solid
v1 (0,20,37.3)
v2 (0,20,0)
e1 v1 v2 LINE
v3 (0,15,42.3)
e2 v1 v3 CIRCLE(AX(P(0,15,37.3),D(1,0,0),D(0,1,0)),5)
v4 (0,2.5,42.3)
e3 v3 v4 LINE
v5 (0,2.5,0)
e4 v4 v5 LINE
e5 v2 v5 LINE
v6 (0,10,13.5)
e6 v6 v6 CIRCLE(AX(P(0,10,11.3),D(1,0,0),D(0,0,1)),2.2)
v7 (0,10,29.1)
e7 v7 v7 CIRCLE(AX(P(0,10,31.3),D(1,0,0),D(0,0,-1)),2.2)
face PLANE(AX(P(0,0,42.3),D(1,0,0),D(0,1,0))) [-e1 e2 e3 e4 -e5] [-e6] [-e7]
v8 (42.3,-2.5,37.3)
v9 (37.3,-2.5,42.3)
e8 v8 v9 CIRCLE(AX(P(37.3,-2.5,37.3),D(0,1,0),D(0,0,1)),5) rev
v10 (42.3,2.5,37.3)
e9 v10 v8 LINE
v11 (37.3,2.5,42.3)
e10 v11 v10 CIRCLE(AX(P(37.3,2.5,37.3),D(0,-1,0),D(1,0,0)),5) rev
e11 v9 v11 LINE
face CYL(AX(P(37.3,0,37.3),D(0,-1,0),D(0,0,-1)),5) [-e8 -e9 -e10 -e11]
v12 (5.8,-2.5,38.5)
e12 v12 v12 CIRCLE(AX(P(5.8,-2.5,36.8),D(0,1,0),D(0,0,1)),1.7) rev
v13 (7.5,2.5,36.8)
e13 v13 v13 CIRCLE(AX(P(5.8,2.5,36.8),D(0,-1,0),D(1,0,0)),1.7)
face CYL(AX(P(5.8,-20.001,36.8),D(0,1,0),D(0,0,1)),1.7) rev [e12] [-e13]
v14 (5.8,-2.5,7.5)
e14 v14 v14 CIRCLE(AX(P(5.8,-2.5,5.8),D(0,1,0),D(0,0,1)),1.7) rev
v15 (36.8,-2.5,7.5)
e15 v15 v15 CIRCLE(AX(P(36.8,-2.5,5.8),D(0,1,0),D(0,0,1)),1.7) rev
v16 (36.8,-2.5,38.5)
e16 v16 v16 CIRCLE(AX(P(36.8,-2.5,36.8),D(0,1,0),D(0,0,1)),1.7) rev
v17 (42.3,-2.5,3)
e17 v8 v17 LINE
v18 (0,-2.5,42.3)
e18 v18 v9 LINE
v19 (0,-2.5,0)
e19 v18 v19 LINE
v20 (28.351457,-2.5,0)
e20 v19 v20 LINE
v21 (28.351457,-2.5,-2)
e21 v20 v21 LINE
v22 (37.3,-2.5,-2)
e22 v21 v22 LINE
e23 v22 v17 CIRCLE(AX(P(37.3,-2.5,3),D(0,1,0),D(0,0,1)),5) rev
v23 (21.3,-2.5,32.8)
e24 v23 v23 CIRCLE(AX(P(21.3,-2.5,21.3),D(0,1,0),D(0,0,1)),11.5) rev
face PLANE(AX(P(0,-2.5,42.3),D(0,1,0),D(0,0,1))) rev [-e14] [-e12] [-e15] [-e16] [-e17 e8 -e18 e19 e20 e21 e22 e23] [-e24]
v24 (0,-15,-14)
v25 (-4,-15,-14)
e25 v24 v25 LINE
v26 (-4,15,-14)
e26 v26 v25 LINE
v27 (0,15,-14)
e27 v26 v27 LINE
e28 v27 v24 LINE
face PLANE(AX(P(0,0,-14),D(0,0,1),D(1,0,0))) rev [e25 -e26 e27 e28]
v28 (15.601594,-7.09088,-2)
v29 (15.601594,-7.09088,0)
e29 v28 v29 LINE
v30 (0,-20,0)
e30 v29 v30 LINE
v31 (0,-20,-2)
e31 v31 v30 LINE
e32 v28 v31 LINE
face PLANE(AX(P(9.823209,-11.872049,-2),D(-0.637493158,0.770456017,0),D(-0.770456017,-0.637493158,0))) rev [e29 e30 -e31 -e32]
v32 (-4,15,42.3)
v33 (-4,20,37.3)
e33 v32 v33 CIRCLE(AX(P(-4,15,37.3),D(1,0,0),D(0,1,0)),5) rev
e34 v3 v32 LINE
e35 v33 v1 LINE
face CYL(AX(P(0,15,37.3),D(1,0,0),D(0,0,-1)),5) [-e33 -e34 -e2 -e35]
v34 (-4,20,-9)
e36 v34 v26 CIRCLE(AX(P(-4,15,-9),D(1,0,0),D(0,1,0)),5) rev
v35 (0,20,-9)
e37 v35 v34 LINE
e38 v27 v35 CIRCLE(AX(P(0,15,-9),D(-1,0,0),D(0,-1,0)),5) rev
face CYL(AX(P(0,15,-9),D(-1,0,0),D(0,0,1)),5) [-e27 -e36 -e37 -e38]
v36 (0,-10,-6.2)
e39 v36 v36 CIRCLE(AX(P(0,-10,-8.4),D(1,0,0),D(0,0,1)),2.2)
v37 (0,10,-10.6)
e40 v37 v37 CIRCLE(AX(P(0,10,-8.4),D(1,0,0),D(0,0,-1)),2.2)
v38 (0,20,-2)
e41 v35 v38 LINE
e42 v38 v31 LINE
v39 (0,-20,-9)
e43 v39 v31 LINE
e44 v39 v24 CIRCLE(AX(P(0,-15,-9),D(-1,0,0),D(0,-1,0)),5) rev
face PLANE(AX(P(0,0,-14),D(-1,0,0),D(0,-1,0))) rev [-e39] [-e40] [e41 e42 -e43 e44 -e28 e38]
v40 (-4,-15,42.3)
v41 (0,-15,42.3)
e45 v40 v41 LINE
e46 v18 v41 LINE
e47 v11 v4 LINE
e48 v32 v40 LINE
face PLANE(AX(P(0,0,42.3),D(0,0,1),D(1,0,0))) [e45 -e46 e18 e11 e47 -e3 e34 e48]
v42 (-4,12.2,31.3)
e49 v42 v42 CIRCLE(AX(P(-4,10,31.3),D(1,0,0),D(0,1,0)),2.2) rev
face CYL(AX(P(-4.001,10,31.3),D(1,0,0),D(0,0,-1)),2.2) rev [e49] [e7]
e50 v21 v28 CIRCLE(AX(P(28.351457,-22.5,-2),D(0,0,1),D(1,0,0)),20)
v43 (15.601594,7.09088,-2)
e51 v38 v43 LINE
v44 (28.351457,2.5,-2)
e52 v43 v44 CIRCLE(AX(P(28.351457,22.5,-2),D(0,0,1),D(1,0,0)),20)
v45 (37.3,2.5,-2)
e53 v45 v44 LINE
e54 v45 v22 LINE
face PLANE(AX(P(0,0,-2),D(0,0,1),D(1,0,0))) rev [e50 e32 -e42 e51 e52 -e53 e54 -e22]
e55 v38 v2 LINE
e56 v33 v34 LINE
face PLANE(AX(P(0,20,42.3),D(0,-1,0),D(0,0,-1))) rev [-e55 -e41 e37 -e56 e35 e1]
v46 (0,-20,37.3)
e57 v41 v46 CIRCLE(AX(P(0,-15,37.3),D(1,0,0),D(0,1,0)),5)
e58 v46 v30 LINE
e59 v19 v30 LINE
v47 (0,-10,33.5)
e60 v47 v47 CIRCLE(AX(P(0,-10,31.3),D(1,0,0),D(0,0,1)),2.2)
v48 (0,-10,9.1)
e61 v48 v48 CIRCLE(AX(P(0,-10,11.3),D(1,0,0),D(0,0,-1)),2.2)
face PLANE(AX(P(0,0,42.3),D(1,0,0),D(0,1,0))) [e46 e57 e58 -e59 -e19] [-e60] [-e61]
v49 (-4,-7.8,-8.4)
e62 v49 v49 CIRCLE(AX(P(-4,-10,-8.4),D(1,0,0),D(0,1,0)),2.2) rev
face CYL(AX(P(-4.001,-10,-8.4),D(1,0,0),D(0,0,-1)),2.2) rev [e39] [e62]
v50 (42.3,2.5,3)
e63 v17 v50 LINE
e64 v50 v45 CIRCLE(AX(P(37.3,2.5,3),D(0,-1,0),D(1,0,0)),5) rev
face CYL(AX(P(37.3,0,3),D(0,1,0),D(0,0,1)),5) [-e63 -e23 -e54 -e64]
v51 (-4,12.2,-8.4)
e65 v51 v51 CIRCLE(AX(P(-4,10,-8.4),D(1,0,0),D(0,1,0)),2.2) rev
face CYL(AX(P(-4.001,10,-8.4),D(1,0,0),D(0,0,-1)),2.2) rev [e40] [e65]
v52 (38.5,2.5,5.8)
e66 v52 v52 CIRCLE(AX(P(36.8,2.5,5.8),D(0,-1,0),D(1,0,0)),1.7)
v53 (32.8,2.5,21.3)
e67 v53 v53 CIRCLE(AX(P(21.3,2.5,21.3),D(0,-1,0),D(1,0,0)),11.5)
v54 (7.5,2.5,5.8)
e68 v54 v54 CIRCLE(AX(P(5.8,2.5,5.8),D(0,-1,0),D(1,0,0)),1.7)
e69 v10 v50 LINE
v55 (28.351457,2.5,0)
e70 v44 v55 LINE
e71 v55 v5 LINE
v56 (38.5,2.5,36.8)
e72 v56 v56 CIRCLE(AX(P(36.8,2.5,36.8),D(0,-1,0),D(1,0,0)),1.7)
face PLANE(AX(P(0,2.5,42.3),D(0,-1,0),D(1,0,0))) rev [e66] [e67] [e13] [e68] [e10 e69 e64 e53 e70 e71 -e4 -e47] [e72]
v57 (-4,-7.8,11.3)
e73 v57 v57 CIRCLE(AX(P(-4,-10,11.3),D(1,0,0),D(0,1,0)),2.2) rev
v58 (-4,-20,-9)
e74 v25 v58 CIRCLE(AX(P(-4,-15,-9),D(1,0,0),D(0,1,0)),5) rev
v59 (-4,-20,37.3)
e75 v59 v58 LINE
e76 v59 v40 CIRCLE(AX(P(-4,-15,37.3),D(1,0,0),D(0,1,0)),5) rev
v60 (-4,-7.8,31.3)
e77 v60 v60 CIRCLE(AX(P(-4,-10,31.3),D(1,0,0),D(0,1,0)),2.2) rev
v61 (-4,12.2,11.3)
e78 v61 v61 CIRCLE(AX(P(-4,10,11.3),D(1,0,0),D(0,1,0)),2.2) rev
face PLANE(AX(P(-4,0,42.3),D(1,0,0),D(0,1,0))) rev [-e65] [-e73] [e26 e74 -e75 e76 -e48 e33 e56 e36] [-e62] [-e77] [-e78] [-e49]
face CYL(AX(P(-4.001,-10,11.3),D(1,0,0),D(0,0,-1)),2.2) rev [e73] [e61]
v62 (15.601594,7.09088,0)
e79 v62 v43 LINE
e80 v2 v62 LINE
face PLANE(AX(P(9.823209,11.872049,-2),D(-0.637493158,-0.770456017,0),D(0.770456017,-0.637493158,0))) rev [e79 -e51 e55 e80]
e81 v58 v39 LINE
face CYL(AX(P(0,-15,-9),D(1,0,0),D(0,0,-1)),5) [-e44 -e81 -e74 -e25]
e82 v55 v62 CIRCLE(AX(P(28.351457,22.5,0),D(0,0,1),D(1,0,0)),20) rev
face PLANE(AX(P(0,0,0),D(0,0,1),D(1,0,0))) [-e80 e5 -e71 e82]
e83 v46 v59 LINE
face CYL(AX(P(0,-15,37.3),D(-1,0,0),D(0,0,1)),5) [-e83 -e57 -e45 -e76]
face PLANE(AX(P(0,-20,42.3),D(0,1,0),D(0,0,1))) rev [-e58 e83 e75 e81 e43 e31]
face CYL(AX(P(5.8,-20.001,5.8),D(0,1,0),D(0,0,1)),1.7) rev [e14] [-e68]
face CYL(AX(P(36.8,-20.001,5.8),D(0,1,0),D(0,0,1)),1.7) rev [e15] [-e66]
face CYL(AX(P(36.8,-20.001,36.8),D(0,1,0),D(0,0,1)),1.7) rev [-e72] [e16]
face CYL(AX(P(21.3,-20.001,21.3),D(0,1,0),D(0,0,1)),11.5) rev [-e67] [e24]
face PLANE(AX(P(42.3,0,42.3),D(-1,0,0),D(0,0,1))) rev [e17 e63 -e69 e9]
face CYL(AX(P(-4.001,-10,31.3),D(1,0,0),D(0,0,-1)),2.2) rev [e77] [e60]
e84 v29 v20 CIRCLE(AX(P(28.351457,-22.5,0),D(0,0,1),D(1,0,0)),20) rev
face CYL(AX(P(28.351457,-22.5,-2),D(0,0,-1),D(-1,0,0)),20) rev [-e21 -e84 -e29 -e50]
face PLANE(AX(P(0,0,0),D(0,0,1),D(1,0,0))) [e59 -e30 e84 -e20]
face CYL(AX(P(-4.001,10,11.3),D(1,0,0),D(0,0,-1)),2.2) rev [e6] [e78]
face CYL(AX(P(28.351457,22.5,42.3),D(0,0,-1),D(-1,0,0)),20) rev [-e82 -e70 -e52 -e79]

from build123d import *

# Parameters (mm, degrees)
SKETCH_1_W                      = 42.3
SKETCH_1_H                      = 5
SKETCH_1_W_2                    = 21.15
EXTRUDE_1_DEPTH                 = 42.3
CUT_EXTRUDE_1_REACH             = 65.076
SKETCH_2_R                      = 11.5
SKETCH_2_R_2                    = 1.7
CUT_EXTRUDE_1_DIRECTION_2_REACH = 65.076
SKETCH_1_3_W                    = 42.3
SKETCH_1_3_H                    = 5
SKETCH_1_3_W_2                  = 21.15
EXTRUDE_2_DEPTH                 = 2
EXTRUDE_START                   = -2
EXTRUDE_3_DEPTH                 = 12
CUT_EXTRUDE_2_REACH             = 65.076
SKETCH_4_R                      = 2.2
FILLET_1_R                      = 5
FILLET_2_R                      = 20


with BuildPart() as part:
    # 草图1 → 凸台-拉伸1 (new body)
    with BuildSketch(Plane.XY):
        Polygon((0, 2.5), (0, -2.5), (0, -20), (-4, -20), (-4, 20), (0, 20), align=None)
        with Locations((21.15, 0)):
            Rectangle(SKETCH_1_W, SKETCH_1_H)
        Polygon((-4, 0), (0, 0), (0, 2.5), (0, 20), (-4, 20), align=None)
        with Locations((31.725, 0)):
            Rectangle(SKETCH_1_W_2, SKETCH_1_H)
    extrude(amount=EXTRUDE_1_DEPTH)

    # 草图2 → 切除-拉伸1 (cut, up to next)
    with BuildSketch(Plane(origin=(0, 0, 0), x_dir=(1, 0, 0), z_dir=(0, 1, 0)), mode=Mode.PRIVATE) as cut_extrude_1_sk1:
        with Locations(Location((21.3, -21.3, 0), (0, 0, 270))):
            Circle(SKETCH_2_R)
    cut_extrude_1_tool1 = extrude(cut_extrude_1_sk1.sketch, amount=CUT_EXTRUDE_1_REACH, mode=Mode.PRIVATE) & part.part
    # 草图2 → 切除-拉伸1 (cut, up to next)
    with BuildSketch(Plane(origin=(0, 0, 0), x_dir=(1, 0, 0), z_dir=(0, 1, 0)), mode=Mode.PRIVATE) as cut_extrude_1_sk2:
        with Locations(Location((36.8, -5.8, 0), (0, 0, 270))):
            Circle(SKETCH_2_R_2)
    cut_extrude_1_tool2 = extrude(cut_extrude_1_sk2.sketch, amount=CUT_EXTRUDE_1_REACH, mode=Mode.PRIVATE) & part.part
    # 草图2 → 切除-拉伸1 (cut, up to next)
    with BuildSketch(Plane(origin=(0, 0, 0), x_dir=(1, 0, 0), z_dir=(0, 1, 0)), mode=Mode.PRIVATE) as cut_extrude_1_sk3:
        with Locations(Location((36.8, -36.8, 0), (0, 0, 270))):
            Circle(SKETCH_2_R_2)
    cut_extrude_1_tool3 = extrude(cut_extrude_1_sk3.sketch, amount=CUT_EXTRUDE_1_REACH, mode=Mode.PRIVATE) & part.part
    # 草图2 → 切除-拉伸1 (cut, up to next)
    with BuildSketch(Plane(origin=(0, 0, 0), x_dir=(1, 0, 0), z_dir=(0, 1, 0)), mode=Mode.PRIVATE) as cut_extrude_1_sk4:
        with Locations(Location((5.8, -36.8, 0), (0, 0, 270))):
            Circle(SKETCH_2_R_2)
    cut_extrude_1_tool4 = extrude(cut_extrude_1_sk4.sketch, amount=CUT_EXTRUDE_1_REACH, mode=Mode.PRIVATE) & part.part
    # 草图2 → 切除-拉伸1 (cut, up to next)
    with BuildSketch(Plane(origin=(0, 0, 0), x_dir=(1, 0, 0), z_dir=(0, 1, 0)), mode=Mode.PRIVATE) as cut_extrude_1_sk5:
        with Locations(Location((5.8, -5.8, 0), (0, 0, 270))):
            Circle(SKETCH_2_R_2)
    cut_extrude_1_tool5 = extrude(cut_extrude_1_sk5.sketch, amount=CUT_EXTRUDE_1_REACH, mode=Mode.PRIVATE) & part.part
    add(cut_extrude_1_tool1.solids().sort_by_distance((21.3, 0, 21.3))[0], mode=Mode.SUBTRACT)
    add(cut_extrude_1_tool2.solids().sort_by_distance((36.8, 0, 5.8))[0], mode=Mode.SUBTRACT)
    add(cut_extrude_1_tool3.solids().sort_by_distance((36.8, 0, 36.8))[0], mode=Mode.SUBTRACT)
    add(cut_extrude_1_tool4.solids().sort_by_distance((5.8, 0, 36.8))[0], mode=Mode.SUBTRACT)
    add(cut_extrude_1_tool5.solids().sort_by_distance((5.8, 0, 5.8))[0], mode=Mode.SUBTRACT)

    # 草图2 → 切除-拉伸1 direction 2 (cut, up to next)
    with BuildSketch(Plane(origin=(0, 0, 0), x_dir=(1, 0, 0), z_dir=(0, 1, 0)), mode=Mode.PRIVATE) as cut_extrude_1_direction_2_sk1:
        with Locations(Location((21.3, -21.3, 0), (0, 0, 270))):
            Circle(SKETCH_2_R)
    cut_extrude_1_direction_2_tool1 = extrude(cut_extrude_1_direction_2_sk1.sketch, amount=-CUT_EXTRUDE_1_DIRECTION_2_REACH, mode=Mode.PRIVATE) & part.part
    # 草图2 → 切除-拉伸1 direction 2 (cut, up to next)
    with BuildSketch(Plane(origin=(0, 0, 0), x_dir=(1, 0, 0), z_dir=(0, 1, 0)), mode=Mode.PRIVATE) as cut_extrude_1_direction_2_sk2:
        with Locations(Location((36.8, -5.8, 0), (0, 0, 270))):
            Circle(SKETCH_2_R_2)
    cut_extrude_1_direction_2_tool2 = extrude(cut_extrude_1_direction_2_sk2.sketch, amount=-CUT_EXTRUDE_1_DIRECTION_2_REACH, mode=Mode.PRIVATE) & part.part
    # 草图2 → 切除-拉伸1 direction 2 (cut, up to next)
    with BuildSketch(Plane(origin=(0, 0, 0), x_dir=(1, 0, 0), z_dir=(0, 1, 0)), mode=Mode.PRIVATE) as cut_extrude_1_direction_2_sk3:
        with Locations(Location((36.8, -36.8, 0), (0, 0, 270))):
            Circle(SKETCH_2_R_2)
    cut_extrude_1_direction_2_tool3 = extrude(cut_extrude_1_direction_2_sk3.sketch, amount=-CUT_EXTRUDE_1_DIRECTION_2_REACH, mode=Mode.PRIVATE) & part.part
    # 草图2 → 切除-拉伸1 direction 2 (cut, up to next)
    with BuildSketch(Plane(origin=(0, 0, 0), x_dir=(1, 0, 0), z_dir=(0, 1, 0)), mode=Mode.PRIVATE) as cut_extrude_1_direction_2_sk4:
        with Locations(Location((5.8, -36.8, 0), (0, 0, 270))):
            Circle(SKETCH_2_R_2)
    cut_extrude_1_direction_2_tool4 = extrude(cut_extrude_1_direction_2_sk4.sketch, amount=-CUT_EXTRUDE_1_DIRECTION_2_REACH, mode=Mode.PRIVATE) & part.part
    # 草图2 → 切除-拉伸1 direction 2 (cut, up to next)
    with BuildSketch(Plane(origin=(0, 0, 0), x_dir=(1, 0, 0), z_dir=(0, 1, 0)), mode=Mode.PRIVATE) as cut_extrude_1_direction_2_sk5:
        with Locations(Location((5.8, -5.8, 0), (0, 0, 270))):
            Circle(SKETCH_2_R_2)
    cut_extrude_1_direction_2_tool5 = extrude(cut_extrude_1_direction_2_sk5.sketch, amount=-CUT_EXTRUDE_1_DIRECTION_2_REACH, mode=Mode.PRIVATE) & part.part
    add(cut_extrude_1_direction_2_tool1.solids().sort_by_distance((21.3, 0, 21.3))[0], mode=Mode.SUBTRACT)
    add(cut_extrude_1_direction_2_tool2.solids().sort_by_distance((36.8, 0, 5.8))[0], mode=Mode.SUBTRACT)
    add(cut_extrude_1_direction_2_tool3.solids().sort_by_distance((36.8, 0, 36.8))[0], mode=Mode.SUBTRACT)
    add(cut_extrude_1_direction_2_tool4.solids().sort_by_distance((5.8, 0, 36.8))[0], mode=Mode.SUBTRACT)
    add(cut_extrude_1_direction_2_tool5.solids().sort_by_distance((5.8, 0, 5.8))[0], mode=Mode.SUBTRACT)

    # 草图1<3> → 凸台-拉伸2 (add)
    with BuildSketch(Plane.XY):
        Polygon((0, 2.5), (21.15, 2.5), (0, 20), align=None)
        Polygon((21.15, -2.5), (0, -2.5), (0, -20), align=None)
        Polygon((0, -20), (0, -2.5), (0, 0), (-4, 0), (-4, -20), align=None)
        Polygon((-4, 0), (0, 0), (0, 2.5), (0, 20), (-4, 20), align=None)
        with Locations((21.15, 0)):
            Rectangle(SKETCH_1_3_W, SKETCH_1_3_H)
        with Locations((31.725, 0)):
            Rectangle(SKETCH_1_3_W_2, SKETCH_1_3_H)
    extrude(amount=-EXTRUDE_2_DEPTH)

    # 草图1<4> → 凸台-拉伸3 (add)
    with BuildSketch(Plane.XY.offset(EXTRUDE_START)):
        Polygon((-4, 0), (0, 0), (0, 2.5), (0, 20), (-4, 20), align=None)
        Polygon((0, -20), (0, -2.5), (0, 0), (-4, 0), (-4, -20), align=None)
    extrude(amount=-EXTRUDE_3_DEPTH)

    # 草图4 → 切除-拉伸2 (cut, up to next)
    with BuildSketch(Plane(origin=(0, 0, 0), x_dir=(0, 0, -1), z_dir=(1, 0, 0)), mode=Mode.PRIVATE) as cut_extrude_2_sk1:
        with Locations((8.4, 10)):
            Circle(SKETCH_4_R)
    cut_extrude_2_tool1 = extrude(cut_extrude_2_sk1.sketch, amount=-CUT_EXTRUDE_2_REACH, mode=Mode.PRIVATE) & part.part
    # 草图4 → 切除-拉伸2 (cut, up to next)
    with BuildSketch(Plane(origin=(0, 0, 0), x_dir=(0, 0, -1), z_dir=(1, 0, 0)), mode=Mode.PRIVATE) as cut_extrude_2_sk2:
        with Locations(Location((8.4, -10, 0), (0, 0, 90))):
            Circle(SKETCH_4_R)
    cut_extrude_2_tool2 = extrude(cut_extrude_2_sk2.sketch, amount=-CUT_EXTRUDE_2_REACH, mode=Mode.PRIVATE) & part.part
    # 草图4 → 切除-拉伸2 (cut, up to next)
    with BuildSketch(Plane(origin=(0, 0, 0), x_dir=(0, 0, -1), z_dir=(1, 0, 0)), mode=Mode.PRIVATE) as cut_extrude_2_sk3:
        with Locations(Location((-11.3, 10, 0), (0, 0, 90))):
            Circle(SKETCH_4_R)
    cut_extrude_2_tool3 = extrude(cut_extrude_2_sk3.sketch, amount=-CUT_EXTRUDE_2_REACH, mode=Mode.PRIVATE) & part.part
    # 草图4 → 切除-拉伸2 (cut, up to next)
    with BuildSketch(Plane(origin=(0, 0, 0), x_dir=(0, 0, -1), z_dir=(1, 0, 0)), mode=Mode.PRIVATE) as cut_extrude_2_sk4:
        with Locations((-11.3, -10)):
            Circle(SKETCH_4_R)
    cut_extrude_2_tool4 = extrude(cut_extrude_2_sk4.sketch, amount=-CUT_EXTRUDE_2_REACH, mode=Mode.PRIVATE) & part.part
    # 草图4 → 切除-拉伸2 (cut, up to next)
    with BuildSketch(Plane(origin=(0, 0, 0), x_dir=(0, 0, -1), z_dir=(1, 0, 0)), mode=Mode.PRIVATE) as cut_extrude_2_sk5:
        with Locations((-31.3, 10)):
            Circle(SKETCH_4_R)
    cut_extrude_2_tool5 = extrude(cut_extrude_2_sk5.sketch, amount=-CUT_EXTRUDE_2_REACH, mode=Mode.PRIVATE) & part.part
    # 草图4 → 切除-拉伸2 (cut, up to next)
    with BuildSketch(Plane(origin=(0, 0, 0), x_dir=(0, 0, -1), z_dir=(1, 0, 0)), mode=Mode.PRIVATE) as cut_extrude_2_sk6:
        with Locations(Location((-31.3, -10, 0), (0, 0, 90))):
            Circle(SKETCH_4_R)
    cut_extrude_2_tool6 = extrude(cut_extrude_2_sk6.sketch, amount=-CUT_EXTRUDE_2_REACH, mode=Mode.PRIVATE) & part.part
    add(cut_extrude_2_tool1.solids().sort_by_distance((0, 10, -8.4))[0], mode=Mode.SUBTRACT)
    add(cut_extrude_2_tool2.solids().sort_by_distance((0, -10, -8.4))[0], mode=Mode.SUBTRACT)
    add(cut_extrude_2_tool3.solids().sort_by_distance((0, 10, 11.3))[0], mode=Mode.SUBTRACT)
    add(cut_extrude_2_tool4.solids().sort_by_distance((0, -10, 11.3))[0], mode=Mode.SUBTRACT)
    add(cut_extrude_2_tool5.solids().sort_by_distance((0, 10, 31.3))[0], mode=Mode.SUBTRACT)
    add(cut_extrude_2_tool6.solids().sort_by_distance((0, -10, 31.3))[0], mode=Mode.SUBTRACT)

    # 圆角1
    fillet_1_edges = [part.edges().sort_by_distance(p)[0] for p in [
        (42.3, 0, 42.3),
        (-2, 20, 42.3),
        (-2, -20, 42.3),
        (42.3, 0, -2),
        (-2, -20, -14),
        (-2, 20, -14),
    ]]
    fillet(fillet_1_edges, radius=FILLET_1_R)

    # 圆角2
    fillet_2_edges = [part.edges().sort_by_distance(p)[0] for p in [
        (21.15, 2.5, -1),
        (21.15, -2.5, -1),
    ]]
    fillet(fillet_2_edges, radius=FILLET_2_R)


solid = part.part
